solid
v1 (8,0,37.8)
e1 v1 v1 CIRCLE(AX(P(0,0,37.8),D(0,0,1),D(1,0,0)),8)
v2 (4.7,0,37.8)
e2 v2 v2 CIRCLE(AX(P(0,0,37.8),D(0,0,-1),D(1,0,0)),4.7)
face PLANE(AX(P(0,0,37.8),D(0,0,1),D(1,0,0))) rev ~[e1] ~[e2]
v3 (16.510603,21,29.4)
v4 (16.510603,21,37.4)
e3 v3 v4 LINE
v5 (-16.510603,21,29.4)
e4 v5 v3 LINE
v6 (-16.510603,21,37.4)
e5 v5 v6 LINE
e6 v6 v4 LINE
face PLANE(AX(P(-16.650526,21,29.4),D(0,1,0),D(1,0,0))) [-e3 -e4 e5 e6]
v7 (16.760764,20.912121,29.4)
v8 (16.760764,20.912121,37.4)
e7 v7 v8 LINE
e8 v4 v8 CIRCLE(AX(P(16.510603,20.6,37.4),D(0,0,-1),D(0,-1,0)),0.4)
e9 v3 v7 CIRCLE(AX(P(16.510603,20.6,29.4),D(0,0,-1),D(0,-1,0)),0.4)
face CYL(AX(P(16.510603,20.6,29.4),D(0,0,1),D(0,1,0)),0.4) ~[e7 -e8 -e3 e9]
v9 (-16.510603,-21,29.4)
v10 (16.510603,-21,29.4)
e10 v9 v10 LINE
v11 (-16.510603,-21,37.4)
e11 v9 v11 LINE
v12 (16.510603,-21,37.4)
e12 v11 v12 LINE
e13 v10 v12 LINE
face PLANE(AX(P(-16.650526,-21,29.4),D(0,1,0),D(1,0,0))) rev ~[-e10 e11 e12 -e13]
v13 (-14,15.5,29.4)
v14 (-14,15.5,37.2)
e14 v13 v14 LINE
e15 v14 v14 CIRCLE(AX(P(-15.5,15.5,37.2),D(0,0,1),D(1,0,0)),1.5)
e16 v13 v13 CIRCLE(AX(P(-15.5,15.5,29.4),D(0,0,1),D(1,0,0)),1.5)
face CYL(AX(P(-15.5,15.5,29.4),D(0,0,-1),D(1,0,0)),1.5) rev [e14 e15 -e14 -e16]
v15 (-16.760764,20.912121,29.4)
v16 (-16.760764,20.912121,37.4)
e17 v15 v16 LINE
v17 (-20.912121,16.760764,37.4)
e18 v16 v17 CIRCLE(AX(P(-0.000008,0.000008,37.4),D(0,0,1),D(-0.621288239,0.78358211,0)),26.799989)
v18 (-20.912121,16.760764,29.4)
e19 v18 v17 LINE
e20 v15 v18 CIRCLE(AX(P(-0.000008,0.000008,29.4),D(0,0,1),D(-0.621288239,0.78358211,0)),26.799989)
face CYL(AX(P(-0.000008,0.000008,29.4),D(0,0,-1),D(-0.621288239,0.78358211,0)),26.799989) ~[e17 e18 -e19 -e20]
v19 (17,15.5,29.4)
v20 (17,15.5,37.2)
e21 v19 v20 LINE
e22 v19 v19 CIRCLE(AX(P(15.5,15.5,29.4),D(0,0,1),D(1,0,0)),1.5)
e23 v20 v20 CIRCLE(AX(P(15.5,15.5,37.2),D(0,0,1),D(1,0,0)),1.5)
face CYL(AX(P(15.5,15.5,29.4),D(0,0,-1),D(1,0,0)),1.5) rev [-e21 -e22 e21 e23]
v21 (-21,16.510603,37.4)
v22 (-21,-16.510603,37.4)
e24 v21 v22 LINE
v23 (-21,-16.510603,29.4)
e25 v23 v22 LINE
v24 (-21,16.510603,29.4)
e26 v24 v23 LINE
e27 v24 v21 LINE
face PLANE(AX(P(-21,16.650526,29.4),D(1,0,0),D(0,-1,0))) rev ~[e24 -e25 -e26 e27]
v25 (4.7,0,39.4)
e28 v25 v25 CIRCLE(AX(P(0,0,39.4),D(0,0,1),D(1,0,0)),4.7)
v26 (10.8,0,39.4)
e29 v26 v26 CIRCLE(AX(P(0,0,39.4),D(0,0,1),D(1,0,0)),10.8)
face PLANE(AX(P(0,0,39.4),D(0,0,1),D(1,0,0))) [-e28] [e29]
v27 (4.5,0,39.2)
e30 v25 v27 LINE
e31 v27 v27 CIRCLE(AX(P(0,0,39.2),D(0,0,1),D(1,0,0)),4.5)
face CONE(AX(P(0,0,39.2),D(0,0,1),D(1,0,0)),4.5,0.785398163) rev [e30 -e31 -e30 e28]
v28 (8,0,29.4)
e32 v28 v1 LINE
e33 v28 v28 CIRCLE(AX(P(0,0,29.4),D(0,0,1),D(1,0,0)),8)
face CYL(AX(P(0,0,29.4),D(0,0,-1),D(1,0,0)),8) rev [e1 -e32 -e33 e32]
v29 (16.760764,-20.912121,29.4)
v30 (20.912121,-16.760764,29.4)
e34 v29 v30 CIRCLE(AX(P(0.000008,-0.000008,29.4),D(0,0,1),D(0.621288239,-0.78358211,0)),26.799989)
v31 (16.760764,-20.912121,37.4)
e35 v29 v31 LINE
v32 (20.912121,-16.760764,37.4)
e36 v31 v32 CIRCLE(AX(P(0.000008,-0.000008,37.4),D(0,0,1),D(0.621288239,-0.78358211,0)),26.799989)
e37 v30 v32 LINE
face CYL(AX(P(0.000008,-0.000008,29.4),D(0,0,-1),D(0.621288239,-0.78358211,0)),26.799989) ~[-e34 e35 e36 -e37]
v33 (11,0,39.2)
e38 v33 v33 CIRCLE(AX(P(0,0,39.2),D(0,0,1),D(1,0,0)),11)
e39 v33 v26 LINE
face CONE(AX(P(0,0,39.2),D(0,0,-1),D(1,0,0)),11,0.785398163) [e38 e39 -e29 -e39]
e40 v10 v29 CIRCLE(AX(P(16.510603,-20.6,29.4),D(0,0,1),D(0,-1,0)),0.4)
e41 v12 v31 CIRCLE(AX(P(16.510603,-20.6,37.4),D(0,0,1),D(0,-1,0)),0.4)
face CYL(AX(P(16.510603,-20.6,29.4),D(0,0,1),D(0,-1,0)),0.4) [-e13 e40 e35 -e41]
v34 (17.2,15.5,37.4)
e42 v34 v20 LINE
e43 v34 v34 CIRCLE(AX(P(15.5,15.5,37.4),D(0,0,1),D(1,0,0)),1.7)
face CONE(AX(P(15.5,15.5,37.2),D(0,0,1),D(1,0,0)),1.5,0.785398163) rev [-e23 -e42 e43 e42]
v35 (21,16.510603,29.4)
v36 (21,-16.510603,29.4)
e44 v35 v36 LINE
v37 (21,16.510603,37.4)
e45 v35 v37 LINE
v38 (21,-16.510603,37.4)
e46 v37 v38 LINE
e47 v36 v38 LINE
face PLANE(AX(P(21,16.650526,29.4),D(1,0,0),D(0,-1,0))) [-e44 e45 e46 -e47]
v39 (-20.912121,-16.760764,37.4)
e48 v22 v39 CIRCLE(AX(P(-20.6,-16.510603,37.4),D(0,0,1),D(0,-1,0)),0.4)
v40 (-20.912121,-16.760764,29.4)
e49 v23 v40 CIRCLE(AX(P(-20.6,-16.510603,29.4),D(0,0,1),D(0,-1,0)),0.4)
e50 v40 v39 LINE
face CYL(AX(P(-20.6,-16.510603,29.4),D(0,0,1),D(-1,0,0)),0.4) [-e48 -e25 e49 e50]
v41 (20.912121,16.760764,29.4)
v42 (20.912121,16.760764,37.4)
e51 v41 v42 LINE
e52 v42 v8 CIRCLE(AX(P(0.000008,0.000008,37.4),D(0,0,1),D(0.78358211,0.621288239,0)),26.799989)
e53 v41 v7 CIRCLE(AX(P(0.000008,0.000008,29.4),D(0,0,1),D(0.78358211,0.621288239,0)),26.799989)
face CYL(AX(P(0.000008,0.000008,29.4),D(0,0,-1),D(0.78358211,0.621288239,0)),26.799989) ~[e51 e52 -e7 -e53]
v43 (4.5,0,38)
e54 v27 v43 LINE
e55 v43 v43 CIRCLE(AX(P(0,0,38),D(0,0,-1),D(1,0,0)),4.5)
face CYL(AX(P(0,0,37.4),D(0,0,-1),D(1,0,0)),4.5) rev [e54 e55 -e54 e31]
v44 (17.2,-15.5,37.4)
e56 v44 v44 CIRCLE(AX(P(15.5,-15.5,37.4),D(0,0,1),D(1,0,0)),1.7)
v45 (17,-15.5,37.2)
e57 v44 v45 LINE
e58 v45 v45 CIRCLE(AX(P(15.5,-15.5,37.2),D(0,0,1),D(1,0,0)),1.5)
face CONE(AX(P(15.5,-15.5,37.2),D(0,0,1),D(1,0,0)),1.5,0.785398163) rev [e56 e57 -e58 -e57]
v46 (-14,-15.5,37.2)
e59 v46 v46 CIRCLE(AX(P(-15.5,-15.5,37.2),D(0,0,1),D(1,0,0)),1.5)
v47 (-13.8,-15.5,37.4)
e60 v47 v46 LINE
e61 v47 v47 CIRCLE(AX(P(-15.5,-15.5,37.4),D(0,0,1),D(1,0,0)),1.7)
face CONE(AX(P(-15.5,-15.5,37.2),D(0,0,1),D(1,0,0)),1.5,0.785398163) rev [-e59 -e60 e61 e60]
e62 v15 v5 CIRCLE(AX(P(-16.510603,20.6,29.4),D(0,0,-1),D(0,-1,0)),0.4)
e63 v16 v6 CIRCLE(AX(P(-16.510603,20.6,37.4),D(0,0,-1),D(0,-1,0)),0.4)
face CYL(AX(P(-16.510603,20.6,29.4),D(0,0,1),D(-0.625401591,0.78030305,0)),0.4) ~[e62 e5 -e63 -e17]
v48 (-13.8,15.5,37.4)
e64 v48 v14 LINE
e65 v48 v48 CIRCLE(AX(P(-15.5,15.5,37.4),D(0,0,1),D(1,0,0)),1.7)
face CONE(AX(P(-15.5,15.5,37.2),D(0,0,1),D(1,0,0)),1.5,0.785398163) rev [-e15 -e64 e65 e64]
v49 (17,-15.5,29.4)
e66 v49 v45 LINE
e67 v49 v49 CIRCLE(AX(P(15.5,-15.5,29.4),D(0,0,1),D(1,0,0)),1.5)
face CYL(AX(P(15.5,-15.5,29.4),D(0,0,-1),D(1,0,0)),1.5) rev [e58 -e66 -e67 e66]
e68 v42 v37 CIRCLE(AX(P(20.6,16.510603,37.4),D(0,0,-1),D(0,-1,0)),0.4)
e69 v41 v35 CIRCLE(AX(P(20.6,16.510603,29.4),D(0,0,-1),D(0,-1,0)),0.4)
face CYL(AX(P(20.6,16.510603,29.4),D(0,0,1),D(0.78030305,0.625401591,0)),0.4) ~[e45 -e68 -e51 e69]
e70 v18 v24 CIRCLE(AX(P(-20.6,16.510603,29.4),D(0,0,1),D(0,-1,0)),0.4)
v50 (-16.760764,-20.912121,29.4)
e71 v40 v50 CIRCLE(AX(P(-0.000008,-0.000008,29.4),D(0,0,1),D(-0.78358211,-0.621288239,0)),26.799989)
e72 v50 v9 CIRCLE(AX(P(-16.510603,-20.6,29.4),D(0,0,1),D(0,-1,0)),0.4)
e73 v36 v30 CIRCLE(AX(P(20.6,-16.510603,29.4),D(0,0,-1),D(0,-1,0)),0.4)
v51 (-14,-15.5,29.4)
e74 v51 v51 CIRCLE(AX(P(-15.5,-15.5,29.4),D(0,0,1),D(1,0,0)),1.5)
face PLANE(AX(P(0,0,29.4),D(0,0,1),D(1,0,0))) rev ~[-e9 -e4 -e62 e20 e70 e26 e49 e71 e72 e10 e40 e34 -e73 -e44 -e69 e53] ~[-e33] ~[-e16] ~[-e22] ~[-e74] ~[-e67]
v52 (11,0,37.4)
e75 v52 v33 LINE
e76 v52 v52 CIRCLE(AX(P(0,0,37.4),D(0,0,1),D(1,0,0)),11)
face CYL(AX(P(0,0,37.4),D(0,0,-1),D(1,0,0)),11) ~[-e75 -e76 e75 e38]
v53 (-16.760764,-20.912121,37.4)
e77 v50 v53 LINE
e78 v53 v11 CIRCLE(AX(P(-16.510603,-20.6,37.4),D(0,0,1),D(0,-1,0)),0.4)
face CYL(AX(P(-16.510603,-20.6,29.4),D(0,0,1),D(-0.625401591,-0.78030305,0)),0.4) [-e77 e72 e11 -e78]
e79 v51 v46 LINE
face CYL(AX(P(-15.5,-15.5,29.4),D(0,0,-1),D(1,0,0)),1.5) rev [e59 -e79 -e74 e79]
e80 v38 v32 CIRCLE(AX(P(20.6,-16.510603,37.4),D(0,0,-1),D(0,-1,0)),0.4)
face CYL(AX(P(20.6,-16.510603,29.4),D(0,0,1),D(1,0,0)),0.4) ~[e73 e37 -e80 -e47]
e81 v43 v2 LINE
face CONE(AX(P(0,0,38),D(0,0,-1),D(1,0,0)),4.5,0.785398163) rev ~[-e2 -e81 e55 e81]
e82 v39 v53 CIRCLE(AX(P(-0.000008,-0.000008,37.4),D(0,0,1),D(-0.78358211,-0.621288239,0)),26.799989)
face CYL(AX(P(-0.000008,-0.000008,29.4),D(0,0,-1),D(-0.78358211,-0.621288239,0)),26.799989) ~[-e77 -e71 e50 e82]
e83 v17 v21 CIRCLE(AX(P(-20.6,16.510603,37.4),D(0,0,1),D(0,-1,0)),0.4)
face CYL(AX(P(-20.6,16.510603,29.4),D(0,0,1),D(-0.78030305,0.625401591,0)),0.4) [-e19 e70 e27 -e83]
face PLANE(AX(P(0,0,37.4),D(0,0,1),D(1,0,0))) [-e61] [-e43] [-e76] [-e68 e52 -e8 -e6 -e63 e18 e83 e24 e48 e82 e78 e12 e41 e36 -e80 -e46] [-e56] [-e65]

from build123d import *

# Parameters (mm, degrees)
SKETCH042_R     = 4.5
SKETCH042_R_2   = 1.5
PAD025_DEPTH    = 8
SKETCH043_R     = 11
SKETCH043_R_2   = 4.5
PAD026_DEPTH    = 2
SKETCH044_R     = 8
POCKET004_DEPTH = 8.4
CHAMFER003_SIZE = 0.2
FILLET004_R     = 0.4


with BuildPart() as part:
    # Sketch042 → Pad025 (new body)
    with BuildSketch(Plane.XY):
        with BuildLine():
            ThreePointArc((-16.650526, 21), (-18.950462, 18.950462), (-21, 16.650526))
            Line((-21, 16.650526), (-21, -16.650526))
            ThreePointArc((-21, -16.650526), (-18.950462, -18.950462), (-16.650526, -21))
            Line((-16.650526, -21), (16.650526, -21))
            ThreePointArc((16.650526, -21), (18.950462, -18.950462), (21, -16.650526))
            Line((21, 16.650526), (21, -16.650526))
            ThreePointArc((21, 16.650526), (18.950462, 18.950462), (16.650526, 21))
            Line((-16.650526, 21), (16.650526, 21))
        make_face()
        Circle(SKETCH042_R, mode=Mode.SUBTRACT)
        with Locations((-15.5, 15.5)):
            Circle(SKETCH042_R_2, mode=Mode.SUBTRACT)
        with Locations((15.5, 15.5)):
            Circle(SKETCH042_R_2, mode=Mode.SUBTRACT)
        with Locations((15.5, -15.5)):
            Circle(SKETCH042_R_2, mode=Mode.SUBTRACT)
        with Locations((-15.5, -15.5)):
            Circle(SKETCH042_R_2, mode=Mode.SUBTRACT)
    extrude(amount=PAD025_DEPTH)

    # Sketch043 (on Face15 of Pad025) → Pad026 (join)
    with BuildSketch(Plane.XY.offset(8)):
        Circle(SKETCH043_R)
        Circle(SKETCH043_R_2, mode=Mode.SUBTRACT)
    extrude(amount=PAD026_DEPTH)

    # Sketch044 → Pocket004 (cut)
    with BuildSketch(Plane.XY):
        Circle(SKETCH044_R)
    extrude(amount=POCKET004_DEPTH, mode=Mode.SUBTRACT)

    # Chamfer003
    chamfer003_edges = [part.edges().sort_by_distance(p)[0] for p in [
        (-11, 0, 10),
        (14, 15.5, 8),
        (-17, 15.5, 8),
        (-17, -15.5, 8),
        (14, -15.5, 8),
        (-4.5, 0, 10),
        (-4.5, 0, 8.4),
    ]]
    chamfer(chamfer003_edges, length=CHAMFER003_SIZE)

    # Fillet004
    fillet004_edges = [part.edges().sort_by_distance(p)[0] for p in [
        (16.650526, 21, 4),
        (21, 16.650526, 4),
        (21, -16.650526, 4),
        (16.650526, -21, 4),
        (-21, -16.650526, 4),
        (-16.650526, -21, 4),
        (-21, 16.650526, 4),
        (-16.650526, 21, 4),
    ]]
    fillet(fillet004_edges, radius=FILLET004_R)


with BuildPart() as part_1:
    # Body014 placement: moved
    add(part.part.moved(Location((0, 0, 29.4))))


solid = part_1.part
